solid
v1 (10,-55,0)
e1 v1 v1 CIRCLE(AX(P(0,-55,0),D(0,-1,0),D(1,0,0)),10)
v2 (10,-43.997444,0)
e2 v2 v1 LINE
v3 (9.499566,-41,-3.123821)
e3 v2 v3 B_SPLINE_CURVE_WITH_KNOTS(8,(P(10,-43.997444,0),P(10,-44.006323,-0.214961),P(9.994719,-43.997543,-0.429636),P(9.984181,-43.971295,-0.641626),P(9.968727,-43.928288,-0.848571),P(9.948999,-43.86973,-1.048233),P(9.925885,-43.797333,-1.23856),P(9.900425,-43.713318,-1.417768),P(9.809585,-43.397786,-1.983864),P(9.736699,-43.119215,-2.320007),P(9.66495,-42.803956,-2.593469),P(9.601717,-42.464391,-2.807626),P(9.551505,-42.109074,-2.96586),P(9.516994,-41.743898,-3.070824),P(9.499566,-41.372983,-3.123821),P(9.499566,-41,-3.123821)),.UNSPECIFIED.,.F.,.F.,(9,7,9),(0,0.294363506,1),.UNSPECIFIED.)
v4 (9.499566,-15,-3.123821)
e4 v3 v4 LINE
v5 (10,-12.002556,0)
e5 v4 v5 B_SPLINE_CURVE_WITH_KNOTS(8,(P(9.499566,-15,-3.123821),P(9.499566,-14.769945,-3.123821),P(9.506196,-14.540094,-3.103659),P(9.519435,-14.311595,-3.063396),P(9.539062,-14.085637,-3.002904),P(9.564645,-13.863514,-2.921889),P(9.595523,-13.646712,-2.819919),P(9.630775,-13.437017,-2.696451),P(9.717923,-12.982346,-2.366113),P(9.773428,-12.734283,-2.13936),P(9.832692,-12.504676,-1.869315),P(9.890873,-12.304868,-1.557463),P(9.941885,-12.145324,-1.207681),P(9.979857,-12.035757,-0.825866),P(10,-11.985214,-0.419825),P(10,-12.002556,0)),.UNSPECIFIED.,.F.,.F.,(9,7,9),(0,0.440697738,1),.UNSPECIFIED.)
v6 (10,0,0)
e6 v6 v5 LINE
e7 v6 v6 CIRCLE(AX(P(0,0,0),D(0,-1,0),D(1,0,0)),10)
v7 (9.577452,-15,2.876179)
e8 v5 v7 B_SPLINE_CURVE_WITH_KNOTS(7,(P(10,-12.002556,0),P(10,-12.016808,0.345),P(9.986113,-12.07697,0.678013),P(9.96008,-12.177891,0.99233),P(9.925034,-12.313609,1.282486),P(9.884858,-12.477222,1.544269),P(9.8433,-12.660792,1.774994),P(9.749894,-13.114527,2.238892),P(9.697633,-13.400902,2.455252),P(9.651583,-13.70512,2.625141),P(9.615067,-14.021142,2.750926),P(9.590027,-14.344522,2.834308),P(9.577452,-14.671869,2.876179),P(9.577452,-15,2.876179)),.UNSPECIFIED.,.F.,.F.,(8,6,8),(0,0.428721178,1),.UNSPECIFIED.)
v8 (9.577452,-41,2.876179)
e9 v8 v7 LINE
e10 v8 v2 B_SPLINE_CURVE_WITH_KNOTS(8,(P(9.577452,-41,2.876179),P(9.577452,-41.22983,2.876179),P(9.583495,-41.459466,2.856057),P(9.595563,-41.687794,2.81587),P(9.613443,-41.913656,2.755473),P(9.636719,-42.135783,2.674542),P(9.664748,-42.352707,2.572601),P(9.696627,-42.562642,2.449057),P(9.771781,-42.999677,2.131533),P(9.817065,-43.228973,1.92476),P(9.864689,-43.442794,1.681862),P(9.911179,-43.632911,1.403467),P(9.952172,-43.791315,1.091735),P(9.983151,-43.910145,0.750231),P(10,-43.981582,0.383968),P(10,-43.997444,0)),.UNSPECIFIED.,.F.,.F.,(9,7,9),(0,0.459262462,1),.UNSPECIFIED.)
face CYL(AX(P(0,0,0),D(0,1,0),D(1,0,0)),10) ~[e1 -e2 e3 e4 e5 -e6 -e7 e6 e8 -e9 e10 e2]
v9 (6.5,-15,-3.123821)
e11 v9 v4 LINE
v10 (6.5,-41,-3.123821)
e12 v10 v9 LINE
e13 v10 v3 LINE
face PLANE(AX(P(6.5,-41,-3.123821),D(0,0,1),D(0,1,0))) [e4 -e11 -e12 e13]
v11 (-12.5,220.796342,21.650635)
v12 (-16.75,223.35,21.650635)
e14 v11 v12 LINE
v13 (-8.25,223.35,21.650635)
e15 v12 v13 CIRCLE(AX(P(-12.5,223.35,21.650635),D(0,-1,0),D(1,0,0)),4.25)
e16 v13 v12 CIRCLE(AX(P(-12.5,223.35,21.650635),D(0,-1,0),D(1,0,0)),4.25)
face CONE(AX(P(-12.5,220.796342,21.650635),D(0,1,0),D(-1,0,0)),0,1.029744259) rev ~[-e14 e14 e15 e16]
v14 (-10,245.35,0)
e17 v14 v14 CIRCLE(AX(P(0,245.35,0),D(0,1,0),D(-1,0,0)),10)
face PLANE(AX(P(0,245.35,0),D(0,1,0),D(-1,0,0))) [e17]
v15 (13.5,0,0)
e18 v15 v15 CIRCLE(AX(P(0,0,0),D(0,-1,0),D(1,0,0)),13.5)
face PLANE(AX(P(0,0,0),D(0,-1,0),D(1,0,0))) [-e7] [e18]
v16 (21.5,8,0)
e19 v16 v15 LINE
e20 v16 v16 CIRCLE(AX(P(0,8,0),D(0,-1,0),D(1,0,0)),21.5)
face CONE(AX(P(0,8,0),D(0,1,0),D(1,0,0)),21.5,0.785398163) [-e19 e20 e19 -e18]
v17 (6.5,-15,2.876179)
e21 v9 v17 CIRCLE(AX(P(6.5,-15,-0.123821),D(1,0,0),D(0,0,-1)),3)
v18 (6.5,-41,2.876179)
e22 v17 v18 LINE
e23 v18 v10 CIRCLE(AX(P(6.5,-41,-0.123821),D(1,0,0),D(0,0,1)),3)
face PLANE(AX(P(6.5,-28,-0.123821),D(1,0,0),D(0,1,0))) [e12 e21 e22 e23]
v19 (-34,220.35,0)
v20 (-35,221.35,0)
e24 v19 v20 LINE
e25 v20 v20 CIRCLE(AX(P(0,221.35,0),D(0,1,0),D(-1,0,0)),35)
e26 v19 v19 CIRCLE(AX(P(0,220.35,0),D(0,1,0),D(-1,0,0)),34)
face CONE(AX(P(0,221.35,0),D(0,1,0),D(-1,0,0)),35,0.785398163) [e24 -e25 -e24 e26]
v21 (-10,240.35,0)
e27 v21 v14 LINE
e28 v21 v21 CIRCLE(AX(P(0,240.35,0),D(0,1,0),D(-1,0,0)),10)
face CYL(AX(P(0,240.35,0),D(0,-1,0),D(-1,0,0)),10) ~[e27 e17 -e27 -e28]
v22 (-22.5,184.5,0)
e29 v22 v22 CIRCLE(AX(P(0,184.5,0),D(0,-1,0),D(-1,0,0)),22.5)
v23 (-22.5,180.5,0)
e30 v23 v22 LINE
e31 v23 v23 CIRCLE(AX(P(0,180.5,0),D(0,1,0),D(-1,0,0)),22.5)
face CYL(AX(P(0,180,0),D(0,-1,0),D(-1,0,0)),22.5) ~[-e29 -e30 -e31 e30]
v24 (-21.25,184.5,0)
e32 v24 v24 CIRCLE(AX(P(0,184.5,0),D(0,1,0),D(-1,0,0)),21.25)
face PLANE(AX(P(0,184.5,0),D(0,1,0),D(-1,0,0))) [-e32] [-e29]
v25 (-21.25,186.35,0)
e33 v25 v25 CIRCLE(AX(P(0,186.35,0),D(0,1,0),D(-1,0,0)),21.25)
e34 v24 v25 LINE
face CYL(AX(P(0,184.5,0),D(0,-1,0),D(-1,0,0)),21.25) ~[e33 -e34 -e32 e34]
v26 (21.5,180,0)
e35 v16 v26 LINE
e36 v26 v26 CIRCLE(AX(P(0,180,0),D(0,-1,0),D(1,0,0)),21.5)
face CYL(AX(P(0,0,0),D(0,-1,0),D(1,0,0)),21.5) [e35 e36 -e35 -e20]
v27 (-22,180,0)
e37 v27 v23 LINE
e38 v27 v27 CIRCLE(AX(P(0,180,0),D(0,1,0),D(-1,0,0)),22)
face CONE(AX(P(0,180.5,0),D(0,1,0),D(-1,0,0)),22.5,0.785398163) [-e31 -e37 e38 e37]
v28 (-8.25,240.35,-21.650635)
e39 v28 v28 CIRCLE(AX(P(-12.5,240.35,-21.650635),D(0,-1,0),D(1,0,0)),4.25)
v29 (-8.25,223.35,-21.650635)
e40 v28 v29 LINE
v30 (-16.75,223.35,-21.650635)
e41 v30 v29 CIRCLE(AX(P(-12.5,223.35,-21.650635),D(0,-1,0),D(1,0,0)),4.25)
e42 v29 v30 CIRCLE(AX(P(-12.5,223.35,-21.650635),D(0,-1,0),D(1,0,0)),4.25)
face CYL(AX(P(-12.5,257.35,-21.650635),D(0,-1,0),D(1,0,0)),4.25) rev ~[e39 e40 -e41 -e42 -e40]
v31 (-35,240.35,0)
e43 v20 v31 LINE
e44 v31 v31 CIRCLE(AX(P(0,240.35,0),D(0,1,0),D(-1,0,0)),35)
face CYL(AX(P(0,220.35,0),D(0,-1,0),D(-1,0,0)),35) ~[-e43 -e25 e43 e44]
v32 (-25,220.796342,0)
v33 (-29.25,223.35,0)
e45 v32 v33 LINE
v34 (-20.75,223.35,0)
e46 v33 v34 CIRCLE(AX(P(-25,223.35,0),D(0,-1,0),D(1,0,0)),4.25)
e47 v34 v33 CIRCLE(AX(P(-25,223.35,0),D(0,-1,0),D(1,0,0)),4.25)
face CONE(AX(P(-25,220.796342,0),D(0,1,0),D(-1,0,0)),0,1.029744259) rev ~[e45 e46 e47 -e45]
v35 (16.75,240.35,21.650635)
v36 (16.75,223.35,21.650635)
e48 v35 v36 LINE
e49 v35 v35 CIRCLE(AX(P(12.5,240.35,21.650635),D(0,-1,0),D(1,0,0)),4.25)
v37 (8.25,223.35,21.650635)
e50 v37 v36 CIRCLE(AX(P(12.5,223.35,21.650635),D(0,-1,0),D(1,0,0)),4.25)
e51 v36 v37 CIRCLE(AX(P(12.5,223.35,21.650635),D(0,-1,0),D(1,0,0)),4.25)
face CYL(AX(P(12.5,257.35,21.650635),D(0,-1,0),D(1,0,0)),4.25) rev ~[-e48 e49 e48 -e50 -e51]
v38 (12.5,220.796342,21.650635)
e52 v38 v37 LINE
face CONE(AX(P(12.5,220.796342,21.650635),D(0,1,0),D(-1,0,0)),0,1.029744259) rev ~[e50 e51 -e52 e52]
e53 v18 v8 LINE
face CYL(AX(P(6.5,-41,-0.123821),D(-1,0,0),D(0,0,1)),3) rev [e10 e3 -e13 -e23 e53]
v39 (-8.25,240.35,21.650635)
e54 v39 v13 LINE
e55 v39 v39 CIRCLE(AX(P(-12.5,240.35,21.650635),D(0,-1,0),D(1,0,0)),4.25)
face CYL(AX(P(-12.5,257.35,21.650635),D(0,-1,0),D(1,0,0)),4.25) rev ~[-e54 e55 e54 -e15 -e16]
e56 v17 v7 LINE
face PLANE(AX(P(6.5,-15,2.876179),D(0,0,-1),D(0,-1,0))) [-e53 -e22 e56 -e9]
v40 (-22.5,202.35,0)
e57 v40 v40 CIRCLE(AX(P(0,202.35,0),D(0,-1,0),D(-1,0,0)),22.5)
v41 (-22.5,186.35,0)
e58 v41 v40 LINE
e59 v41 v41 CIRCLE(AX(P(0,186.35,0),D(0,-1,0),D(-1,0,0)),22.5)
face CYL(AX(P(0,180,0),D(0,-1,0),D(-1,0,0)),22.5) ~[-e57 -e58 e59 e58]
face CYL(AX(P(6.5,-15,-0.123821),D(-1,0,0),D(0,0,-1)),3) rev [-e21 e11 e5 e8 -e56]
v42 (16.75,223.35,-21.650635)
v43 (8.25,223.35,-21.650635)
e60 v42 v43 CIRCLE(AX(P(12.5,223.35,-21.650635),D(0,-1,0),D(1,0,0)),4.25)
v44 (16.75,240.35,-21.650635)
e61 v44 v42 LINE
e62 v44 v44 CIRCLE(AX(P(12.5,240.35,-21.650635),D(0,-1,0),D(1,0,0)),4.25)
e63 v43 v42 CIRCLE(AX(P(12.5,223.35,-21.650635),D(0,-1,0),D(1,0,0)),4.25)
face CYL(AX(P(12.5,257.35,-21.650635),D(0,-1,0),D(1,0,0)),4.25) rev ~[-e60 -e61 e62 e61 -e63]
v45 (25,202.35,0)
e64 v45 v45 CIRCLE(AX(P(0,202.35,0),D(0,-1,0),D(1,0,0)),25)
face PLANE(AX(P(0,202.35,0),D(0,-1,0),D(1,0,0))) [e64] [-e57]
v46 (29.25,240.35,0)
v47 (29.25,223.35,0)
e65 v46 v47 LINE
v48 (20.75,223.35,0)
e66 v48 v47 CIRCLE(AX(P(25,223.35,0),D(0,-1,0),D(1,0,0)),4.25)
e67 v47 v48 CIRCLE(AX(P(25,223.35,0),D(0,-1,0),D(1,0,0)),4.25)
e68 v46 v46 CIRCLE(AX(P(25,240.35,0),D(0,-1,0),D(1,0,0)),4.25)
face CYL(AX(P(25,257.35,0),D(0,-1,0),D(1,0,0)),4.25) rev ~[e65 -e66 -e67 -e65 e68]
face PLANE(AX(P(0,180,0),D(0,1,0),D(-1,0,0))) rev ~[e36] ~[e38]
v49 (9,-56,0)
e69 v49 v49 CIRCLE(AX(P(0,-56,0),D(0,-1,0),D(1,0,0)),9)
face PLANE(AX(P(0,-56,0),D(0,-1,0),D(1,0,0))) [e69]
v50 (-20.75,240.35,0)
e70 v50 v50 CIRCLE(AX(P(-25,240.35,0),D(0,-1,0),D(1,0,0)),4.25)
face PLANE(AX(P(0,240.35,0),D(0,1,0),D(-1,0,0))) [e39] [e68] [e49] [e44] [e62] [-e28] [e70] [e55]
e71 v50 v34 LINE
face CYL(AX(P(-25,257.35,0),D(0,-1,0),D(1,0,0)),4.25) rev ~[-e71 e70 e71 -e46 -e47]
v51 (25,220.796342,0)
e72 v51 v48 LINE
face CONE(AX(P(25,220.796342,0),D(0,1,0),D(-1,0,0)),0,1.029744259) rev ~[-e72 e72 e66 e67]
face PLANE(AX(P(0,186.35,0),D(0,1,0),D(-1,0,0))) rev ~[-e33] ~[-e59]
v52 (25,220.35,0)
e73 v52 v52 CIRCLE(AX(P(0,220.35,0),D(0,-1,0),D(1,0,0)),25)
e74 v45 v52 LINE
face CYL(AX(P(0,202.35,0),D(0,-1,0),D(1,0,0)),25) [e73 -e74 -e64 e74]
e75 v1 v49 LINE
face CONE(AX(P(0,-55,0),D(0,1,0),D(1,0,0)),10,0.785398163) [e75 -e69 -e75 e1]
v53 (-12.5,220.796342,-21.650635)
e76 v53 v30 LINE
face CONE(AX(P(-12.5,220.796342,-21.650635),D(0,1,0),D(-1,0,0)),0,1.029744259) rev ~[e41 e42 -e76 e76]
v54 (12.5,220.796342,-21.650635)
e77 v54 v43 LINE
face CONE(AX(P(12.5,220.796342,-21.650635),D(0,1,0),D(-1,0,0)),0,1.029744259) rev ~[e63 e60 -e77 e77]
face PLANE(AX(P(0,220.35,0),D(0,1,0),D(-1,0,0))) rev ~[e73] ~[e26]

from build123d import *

# Parameters (mm, degrees)
F0_R      = 10
F1_DEPTH  = 56
F2_R      = 21.5
F3_DEPTH  = 180
F4_SIZE   = 8
F6_R      = 22.5
F7_DEPTH  = 40.35
F8_R      = 35
F9_DEPTH  = 20
F11_R     = 31.0096244967
F11_R_2   = 21.25
F12_DEPTH = 1.85
F15_DEPTH = 25
F16_SIZE  = 1
F18_SIZE  = 0.5
F17_R     = 10
F19_DEPTH = 5
F22_D     = 8.5
F22_DEPTH = 17
F22_TIP   = 2.5536576309
F23_SIZE  = 1
F25_R     = 25
F26_DEPTH = 18


with BuildPart() as f1:
    # F0 (on Front) → F1 (new body)
    with BuildSketch(Plane.XZ):
        Circle(F0_R)
    extrude(amount=F1_DEPTH)

    # F2 (on Front) → F3 (join)
    with BuildSketch(Plane.XZ):
        Circle(F2_R)
    extrude(amount=-F3_DEPTH)

    # F4
    f4_edges = [f1.edges().sort_by_distance(p)[0] for p in [
        (-21.5, 0, 0),
    ]]
    chamfer(f4_edges, length=F4_SIZE)

    # F6 (on offset) → F7 (join)
    with BuildSketch(Plane(origin=(0, 180, 0), x_dir=(-1, 0, 0), z_dir=(0, 1, 0))):
        Circle(F6_R)
    extrude(amount=F7_DEPTH)

    # F8 (on face) → F9 (join)
    with BuildSketch(Plane(origin=(0, 220.35, 0), x_dir=(-1, 0, 0), z_dir=(0, 1, 0))):
        Circle(F8_R)
    extrude(amount=F9_DEPTH)

    # F11 (on offset) → F12 (cut)
    with BuildSketch(Plane(origin=(0, 184.5, 0), x_dir=(-1, 0, 0), z_dir=(0, 1, 0))):
        Circle(F11_R)
        Circle(F11_R_2, mode=Mode.SUBTRACT)
    extrude(amount=F12_DEPTH, mode=Mode.SUBTRACT)

    # F14 (on offset) → F15 (cut)
    with BuildSketch(Plane.YZ.offset(6.5)):
        with BuildLine():
            Line((-15, 2.8761793831), (-41, 2.8761793831))
            ThreePointArc((-41, 2.8761793831), (-44, -0.1238206169), (-41, -3.1238206169))
            Line((-41, -3.1238206169), (-15, -3.1238206169))
            ThreePointArc((-15, -3.1238206169), (-12, -0.1238206169), (-15, 2.8761793831))
        make_face()
    extrude(amount=F15_DEPTH, mode=Mode.SUBTRACT)

    # F16
    f16_edges = [f1.edges().sort_by_distance(p)[0] for p in [
        (-10, -56, 0),
    ]]
    chamfer(f16_edges, length=F16_SIZE)

    # F18
    f18_edges = [f1.edges().sort_by_distance(p)[0] for p in [
        (22.5, 180, 0),
    ]]
    chamfer(f18_edges, length=F18_SIZE)

    # F17 (on face) → F19 (join)
    with BuildSketch(Plane(origin=(0, 240.35, 0), x_dir=(-1, 0, 0), z_dir=(0, 1, 0))):
        Circle(F17_R)
    extrude(amount=F19_DEPTH)

    # F22
    with Locations(Plane(origin=(0, 240.35, 0), x_dir=(-1, 0, 0), z_dir=(0, 1, 0))):
        with Locations((-12.5, 21.6506350946), (12.5, 21.6506350946), (25, 0), (12.5, -21.6506350946), (-12.5, -21.6506350946), (-25, 0)):
            Hole(F22_D / 2, depth=F22_DEPTH)
            with Locations((0, 0, -(F22_DEPTH + F22_TIP / 2))):  # 118° drill point
                Cone(0, F22_D / 2, F22_TIP, mode=Mode.SUBTRACT)

    # F23
    f23_edges = [f1.edges().sort_by_distance(p)[0] for p in [
        (35, 220.35, 0),
    ]]
    chamfer(f23_edges, length=F23_SIZE)

    # F25 (on offset) → F26 (join)
    with BuildSketch(Plane.XZ.offset(-202.35)):
        Circle(F25_R)
    extrude(amount=-F26_DEPTH)


solid = f1.part
